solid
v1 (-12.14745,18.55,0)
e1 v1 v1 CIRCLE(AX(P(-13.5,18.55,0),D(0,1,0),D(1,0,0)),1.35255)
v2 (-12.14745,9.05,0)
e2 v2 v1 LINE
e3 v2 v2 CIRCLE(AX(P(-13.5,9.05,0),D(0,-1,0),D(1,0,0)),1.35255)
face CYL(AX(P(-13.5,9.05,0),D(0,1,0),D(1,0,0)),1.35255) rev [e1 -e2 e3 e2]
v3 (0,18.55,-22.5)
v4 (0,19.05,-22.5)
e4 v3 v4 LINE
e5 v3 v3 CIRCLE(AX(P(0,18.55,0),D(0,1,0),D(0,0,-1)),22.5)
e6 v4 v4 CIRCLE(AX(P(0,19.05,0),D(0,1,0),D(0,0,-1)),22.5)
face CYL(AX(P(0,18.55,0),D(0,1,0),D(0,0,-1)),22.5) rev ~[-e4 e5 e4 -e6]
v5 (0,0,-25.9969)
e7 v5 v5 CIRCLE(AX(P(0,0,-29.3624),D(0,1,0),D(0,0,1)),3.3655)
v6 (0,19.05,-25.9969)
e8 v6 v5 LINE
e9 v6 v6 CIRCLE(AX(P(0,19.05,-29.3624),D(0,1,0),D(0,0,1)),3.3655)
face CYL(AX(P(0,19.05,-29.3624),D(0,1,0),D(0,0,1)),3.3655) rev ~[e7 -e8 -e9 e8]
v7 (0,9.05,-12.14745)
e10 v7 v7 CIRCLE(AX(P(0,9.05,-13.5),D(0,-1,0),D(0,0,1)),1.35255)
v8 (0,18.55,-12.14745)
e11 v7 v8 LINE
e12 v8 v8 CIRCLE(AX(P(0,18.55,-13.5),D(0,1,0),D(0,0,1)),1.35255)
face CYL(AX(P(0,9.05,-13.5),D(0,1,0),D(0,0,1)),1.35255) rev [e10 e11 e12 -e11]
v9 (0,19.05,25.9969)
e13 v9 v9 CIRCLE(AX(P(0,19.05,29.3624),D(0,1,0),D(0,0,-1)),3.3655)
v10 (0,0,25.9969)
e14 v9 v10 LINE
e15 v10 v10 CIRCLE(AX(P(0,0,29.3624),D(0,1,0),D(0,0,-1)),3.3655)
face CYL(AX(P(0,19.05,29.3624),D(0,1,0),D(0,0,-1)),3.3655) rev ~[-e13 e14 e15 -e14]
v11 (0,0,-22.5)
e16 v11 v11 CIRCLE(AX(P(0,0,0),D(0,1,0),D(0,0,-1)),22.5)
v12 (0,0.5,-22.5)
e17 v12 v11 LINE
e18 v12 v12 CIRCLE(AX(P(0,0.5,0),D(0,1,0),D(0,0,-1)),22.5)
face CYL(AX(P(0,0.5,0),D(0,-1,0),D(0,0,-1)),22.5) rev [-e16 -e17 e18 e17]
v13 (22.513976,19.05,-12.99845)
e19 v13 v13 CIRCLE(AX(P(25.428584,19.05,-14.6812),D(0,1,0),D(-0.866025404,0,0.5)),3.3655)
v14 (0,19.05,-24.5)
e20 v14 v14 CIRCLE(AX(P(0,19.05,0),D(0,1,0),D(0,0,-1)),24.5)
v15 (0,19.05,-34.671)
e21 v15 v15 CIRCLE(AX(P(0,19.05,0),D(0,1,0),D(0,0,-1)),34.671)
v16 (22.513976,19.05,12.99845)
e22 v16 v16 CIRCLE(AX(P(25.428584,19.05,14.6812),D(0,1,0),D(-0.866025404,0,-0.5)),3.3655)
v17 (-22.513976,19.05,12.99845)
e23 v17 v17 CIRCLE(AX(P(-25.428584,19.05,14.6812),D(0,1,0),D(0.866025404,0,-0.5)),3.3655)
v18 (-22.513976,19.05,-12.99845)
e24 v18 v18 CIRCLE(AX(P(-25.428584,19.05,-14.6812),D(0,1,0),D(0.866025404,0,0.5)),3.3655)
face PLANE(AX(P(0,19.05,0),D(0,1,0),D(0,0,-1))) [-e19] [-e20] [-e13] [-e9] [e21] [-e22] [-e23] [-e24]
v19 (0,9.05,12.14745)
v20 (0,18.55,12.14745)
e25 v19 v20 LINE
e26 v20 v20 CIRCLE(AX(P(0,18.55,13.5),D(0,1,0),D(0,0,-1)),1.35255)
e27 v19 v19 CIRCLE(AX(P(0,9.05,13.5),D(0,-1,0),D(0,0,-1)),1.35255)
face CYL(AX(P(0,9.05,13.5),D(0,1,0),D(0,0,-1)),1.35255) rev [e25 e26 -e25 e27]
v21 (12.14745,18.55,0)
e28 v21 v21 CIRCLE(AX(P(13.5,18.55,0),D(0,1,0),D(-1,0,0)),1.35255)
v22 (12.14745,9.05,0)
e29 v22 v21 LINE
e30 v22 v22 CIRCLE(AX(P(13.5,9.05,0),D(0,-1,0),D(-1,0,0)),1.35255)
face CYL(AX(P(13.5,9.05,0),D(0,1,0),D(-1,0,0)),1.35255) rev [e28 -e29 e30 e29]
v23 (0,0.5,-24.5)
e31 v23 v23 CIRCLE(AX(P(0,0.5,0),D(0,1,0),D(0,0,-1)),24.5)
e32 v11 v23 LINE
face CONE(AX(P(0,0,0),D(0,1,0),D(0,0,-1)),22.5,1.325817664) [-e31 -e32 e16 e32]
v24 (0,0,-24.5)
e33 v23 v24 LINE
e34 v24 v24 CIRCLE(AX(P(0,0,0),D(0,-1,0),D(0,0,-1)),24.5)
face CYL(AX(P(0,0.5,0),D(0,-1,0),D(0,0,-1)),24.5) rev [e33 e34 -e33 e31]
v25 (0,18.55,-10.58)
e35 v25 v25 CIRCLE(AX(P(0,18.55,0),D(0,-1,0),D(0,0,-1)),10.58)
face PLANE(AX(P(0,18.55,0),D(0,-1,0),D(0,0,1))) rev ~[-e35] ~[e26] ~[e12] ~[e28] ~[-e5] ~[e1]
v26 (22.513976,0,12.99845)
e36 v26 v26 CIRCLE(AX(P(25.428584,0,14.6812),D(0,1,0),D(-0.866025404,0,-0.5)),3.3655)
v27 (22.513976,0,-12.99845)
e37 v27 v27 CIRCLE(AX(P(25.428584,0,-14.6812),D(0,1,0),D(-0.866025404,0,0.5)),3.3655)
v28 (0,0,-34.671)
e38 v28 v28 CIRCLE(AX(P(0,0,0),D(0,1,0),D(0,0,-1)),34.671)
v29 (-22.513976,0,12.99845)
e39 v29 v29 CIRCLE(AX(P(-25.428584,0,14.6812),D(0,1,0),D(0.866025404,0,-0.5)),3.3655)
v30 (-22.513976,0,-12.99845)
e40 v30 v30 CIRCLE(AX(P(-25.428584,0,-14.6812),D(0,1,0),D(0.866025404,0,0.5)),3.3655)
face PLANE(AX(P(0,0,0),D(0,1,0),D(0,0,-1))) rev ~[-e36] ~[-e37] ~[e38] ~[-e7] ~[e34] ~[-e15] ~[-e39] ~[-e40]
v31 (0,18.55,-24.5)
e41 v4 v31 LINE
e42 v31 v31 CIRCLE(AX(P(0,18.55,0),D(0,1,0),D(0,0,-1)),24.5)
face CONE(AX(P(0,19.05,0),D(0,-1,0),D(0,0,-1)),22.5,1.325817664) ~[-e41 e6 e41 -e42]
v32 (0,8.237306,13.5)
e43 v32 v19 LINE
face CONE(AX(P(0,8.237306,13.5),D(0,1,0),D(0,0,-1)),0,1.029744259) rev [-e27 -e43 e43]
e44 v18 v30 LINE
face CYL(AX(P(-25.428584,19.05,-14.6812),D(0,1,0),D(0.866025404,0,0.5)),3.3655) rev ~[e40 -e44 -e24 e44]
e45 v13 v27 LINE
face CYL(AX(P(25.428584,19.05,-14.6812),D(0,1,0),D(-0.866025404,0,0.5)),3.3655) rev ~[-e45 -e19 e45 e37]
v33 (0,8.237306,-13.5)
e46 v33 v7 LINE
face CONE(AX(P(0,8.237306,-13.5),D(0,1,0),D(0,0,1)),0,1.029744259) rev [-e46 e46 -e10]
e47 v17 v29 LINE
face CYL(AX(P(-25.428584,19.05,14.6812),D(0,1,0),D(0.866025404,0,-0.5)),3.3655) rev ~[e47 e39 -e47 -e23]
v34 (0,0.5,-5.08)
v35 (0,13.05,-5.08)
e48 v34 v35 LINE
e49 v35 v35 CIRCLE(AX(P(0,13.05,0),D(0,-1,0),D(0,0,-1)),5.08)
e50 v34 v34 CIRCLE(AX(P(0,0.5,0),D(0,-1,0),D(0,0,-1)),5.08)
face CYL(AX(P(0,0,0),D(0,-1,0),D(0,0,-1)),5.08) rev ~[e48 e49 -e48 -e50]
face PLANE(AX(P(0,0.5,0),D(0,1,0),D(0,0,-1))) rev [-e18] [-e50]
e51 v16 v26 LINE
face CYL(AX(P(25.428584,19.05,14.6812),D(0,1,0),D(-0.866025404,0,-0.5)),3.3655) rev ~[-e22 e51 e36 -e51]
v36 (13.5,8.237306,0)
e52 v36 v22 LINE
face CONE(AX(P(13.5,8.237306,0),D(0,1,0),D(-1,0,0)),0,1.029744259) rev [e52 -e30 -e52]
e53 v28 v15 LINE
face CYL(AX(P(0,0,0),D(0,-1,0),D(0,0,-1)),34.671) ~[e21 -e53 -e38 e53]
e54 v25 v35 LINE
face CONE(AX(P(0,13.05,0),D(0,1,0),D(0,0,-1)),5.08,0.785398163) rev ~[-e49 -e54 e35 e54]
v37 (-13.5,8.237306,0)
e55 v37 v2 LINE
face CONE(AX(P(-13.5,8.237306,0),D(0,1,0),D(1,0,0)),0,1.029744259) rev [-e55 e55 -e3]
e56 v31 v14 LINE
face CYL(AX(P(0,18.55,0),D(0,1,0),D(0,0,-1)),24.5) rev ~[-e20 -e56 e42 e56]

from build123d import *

# Parameters (mm, degrees)
SKETCH1_R           = 34.671
BOSS_EXTRUDE1_DEPTH = 19.05
SKETCH5_R           = 5.08
CUT_EXTRUDE1_DEPTH  = 53.602841957
CHAMFER1_SIZE       = 6
CIRPATTERN1_COUNT   = 4
SKETCH8_R           = 3.3655
CUT_EXTRUDE2_DEPTH  = 53.602841957
CIRPATTERN2_COUNT   = 6


with BuildPart() as part:
    # Sketch1 → Boss-Extrude1 (new body)
    with BuildSketch(Plane(origin=(0, 0, 0), x_dir=(1, 0, 0), z_dir=(0, 1, 0))):
        with Locations(Location((0, 0, 0), (0, 0, 90))):
            Circle(SKETCH1_R)
    extrude(amount=BOSS_EXTRUDE1_DEPTH)

    # Sketch5 → Cut-Extrude1 (cut, through all)
    with BuildSketch(Plane.XZ):
        with Locations(Location((0, 0, 0), (0, 0, 270))):
            Circle(SKETCH5_R)
    extrude(amount=-CUT_EXTRUDE1_DEPTH, mode=Mode.SUBTRACT)

    # Chamfer1
    chamfer1_edges = [part.edges().sort_by_distance(p)[0] for p in [
        (0, 19.05, 5.08),
    ]]
    chamfer(chamfer1_edges, length=CHAMFER1_SIZE)

    # Sketch6 → #6-32 Tapped Hole1 (revolve, cut)
    with BuildSketch(Plane(origin=(0, 19.05, -13.5), x_dir=(0, 0, 1), z_dir=(1, 0, 0))):
        Polygon((0, 0), (0, 10.81269403), (1.35255, 10), (1.35255, 0), align=None)
    f_6_32_tapped_hole1 = revolve(axis=Axis((0, 25.4, -13.5), (0, -1, 0)), mode=Mode.SUBTRACT)

    # CirPattern1: #6-32 Tapped Hole1 ×4 about axis
    cirpattern1_axis = Axis((0, 0, 0), (0, 1, 0))
    for i in range(1, CIRPATTERN1_COUNT):
        add(f_6_32_tapped_hole1.rotate(cirpattern1_axis, i * 360 / CIRPATTERN1_COUNT), mode=Mode.SUBTRACT)

    # Sketch8 → Cut-Extrude2 (cut, through all)
    with BuildSketch(Plane(origin=(0, 19.05, 0), x_dir=(1, 0, 0), z_dir=(0, 1, 0))):
        with Locations(Location((0, 29.3624, 0), (0, 0, 270))):
            Circle(SKETCH8_R)
    cut_extrude2 = extrude(amount=-CUT_EXTRUDE2_DEPTH, mode=Mode.SUBTRACT)

    # CirPattern2: Cut-Extrude2 ×6 about axis
    cirpattern2_axis = Axis((0, 0, 0), (0, 1, 0))
    for i in range(1, CIRPATTERN2_COUNT):
        add(cut_extrude2.rotate(cirpattern2_axis, i * 360 / CIRPATTERN2_COUNT), mode=Mode.SUBTRACT)

    # Sketch9 → Cut-Revolve1 (revolve, cut)
    with BuildSketch(Plane.XY, mode=Mode.PRIVATE) as cut_revolve1_sk:
        Polygon((0, -2.570803014), (0, 0.5), (22.5, 0.5), (22.5, 0), (24.5, 0.5), (24.5, -7.98797561), (0, -7.98797561), align=None)
    cut_revolve1 = revolve(cut_revolve1_sk.sketch.rotate(Axis((0, -2.570803014, 0), (0, 1, 0)), 90), axis=Axis((0, -2.570803014, 0), (0, 1, 0)), mode=Mode.SUBTRACT)

    # Mirror1: Cut-Revolve1 across plane
    add(cut_revolve1.mirror(Plane(origin=(0, 9.525, 0), x_dir=(0, 0, 1), z_dir=(0, -1, 0))), mode=Mode.SUBTRACT)


solid = part.part
